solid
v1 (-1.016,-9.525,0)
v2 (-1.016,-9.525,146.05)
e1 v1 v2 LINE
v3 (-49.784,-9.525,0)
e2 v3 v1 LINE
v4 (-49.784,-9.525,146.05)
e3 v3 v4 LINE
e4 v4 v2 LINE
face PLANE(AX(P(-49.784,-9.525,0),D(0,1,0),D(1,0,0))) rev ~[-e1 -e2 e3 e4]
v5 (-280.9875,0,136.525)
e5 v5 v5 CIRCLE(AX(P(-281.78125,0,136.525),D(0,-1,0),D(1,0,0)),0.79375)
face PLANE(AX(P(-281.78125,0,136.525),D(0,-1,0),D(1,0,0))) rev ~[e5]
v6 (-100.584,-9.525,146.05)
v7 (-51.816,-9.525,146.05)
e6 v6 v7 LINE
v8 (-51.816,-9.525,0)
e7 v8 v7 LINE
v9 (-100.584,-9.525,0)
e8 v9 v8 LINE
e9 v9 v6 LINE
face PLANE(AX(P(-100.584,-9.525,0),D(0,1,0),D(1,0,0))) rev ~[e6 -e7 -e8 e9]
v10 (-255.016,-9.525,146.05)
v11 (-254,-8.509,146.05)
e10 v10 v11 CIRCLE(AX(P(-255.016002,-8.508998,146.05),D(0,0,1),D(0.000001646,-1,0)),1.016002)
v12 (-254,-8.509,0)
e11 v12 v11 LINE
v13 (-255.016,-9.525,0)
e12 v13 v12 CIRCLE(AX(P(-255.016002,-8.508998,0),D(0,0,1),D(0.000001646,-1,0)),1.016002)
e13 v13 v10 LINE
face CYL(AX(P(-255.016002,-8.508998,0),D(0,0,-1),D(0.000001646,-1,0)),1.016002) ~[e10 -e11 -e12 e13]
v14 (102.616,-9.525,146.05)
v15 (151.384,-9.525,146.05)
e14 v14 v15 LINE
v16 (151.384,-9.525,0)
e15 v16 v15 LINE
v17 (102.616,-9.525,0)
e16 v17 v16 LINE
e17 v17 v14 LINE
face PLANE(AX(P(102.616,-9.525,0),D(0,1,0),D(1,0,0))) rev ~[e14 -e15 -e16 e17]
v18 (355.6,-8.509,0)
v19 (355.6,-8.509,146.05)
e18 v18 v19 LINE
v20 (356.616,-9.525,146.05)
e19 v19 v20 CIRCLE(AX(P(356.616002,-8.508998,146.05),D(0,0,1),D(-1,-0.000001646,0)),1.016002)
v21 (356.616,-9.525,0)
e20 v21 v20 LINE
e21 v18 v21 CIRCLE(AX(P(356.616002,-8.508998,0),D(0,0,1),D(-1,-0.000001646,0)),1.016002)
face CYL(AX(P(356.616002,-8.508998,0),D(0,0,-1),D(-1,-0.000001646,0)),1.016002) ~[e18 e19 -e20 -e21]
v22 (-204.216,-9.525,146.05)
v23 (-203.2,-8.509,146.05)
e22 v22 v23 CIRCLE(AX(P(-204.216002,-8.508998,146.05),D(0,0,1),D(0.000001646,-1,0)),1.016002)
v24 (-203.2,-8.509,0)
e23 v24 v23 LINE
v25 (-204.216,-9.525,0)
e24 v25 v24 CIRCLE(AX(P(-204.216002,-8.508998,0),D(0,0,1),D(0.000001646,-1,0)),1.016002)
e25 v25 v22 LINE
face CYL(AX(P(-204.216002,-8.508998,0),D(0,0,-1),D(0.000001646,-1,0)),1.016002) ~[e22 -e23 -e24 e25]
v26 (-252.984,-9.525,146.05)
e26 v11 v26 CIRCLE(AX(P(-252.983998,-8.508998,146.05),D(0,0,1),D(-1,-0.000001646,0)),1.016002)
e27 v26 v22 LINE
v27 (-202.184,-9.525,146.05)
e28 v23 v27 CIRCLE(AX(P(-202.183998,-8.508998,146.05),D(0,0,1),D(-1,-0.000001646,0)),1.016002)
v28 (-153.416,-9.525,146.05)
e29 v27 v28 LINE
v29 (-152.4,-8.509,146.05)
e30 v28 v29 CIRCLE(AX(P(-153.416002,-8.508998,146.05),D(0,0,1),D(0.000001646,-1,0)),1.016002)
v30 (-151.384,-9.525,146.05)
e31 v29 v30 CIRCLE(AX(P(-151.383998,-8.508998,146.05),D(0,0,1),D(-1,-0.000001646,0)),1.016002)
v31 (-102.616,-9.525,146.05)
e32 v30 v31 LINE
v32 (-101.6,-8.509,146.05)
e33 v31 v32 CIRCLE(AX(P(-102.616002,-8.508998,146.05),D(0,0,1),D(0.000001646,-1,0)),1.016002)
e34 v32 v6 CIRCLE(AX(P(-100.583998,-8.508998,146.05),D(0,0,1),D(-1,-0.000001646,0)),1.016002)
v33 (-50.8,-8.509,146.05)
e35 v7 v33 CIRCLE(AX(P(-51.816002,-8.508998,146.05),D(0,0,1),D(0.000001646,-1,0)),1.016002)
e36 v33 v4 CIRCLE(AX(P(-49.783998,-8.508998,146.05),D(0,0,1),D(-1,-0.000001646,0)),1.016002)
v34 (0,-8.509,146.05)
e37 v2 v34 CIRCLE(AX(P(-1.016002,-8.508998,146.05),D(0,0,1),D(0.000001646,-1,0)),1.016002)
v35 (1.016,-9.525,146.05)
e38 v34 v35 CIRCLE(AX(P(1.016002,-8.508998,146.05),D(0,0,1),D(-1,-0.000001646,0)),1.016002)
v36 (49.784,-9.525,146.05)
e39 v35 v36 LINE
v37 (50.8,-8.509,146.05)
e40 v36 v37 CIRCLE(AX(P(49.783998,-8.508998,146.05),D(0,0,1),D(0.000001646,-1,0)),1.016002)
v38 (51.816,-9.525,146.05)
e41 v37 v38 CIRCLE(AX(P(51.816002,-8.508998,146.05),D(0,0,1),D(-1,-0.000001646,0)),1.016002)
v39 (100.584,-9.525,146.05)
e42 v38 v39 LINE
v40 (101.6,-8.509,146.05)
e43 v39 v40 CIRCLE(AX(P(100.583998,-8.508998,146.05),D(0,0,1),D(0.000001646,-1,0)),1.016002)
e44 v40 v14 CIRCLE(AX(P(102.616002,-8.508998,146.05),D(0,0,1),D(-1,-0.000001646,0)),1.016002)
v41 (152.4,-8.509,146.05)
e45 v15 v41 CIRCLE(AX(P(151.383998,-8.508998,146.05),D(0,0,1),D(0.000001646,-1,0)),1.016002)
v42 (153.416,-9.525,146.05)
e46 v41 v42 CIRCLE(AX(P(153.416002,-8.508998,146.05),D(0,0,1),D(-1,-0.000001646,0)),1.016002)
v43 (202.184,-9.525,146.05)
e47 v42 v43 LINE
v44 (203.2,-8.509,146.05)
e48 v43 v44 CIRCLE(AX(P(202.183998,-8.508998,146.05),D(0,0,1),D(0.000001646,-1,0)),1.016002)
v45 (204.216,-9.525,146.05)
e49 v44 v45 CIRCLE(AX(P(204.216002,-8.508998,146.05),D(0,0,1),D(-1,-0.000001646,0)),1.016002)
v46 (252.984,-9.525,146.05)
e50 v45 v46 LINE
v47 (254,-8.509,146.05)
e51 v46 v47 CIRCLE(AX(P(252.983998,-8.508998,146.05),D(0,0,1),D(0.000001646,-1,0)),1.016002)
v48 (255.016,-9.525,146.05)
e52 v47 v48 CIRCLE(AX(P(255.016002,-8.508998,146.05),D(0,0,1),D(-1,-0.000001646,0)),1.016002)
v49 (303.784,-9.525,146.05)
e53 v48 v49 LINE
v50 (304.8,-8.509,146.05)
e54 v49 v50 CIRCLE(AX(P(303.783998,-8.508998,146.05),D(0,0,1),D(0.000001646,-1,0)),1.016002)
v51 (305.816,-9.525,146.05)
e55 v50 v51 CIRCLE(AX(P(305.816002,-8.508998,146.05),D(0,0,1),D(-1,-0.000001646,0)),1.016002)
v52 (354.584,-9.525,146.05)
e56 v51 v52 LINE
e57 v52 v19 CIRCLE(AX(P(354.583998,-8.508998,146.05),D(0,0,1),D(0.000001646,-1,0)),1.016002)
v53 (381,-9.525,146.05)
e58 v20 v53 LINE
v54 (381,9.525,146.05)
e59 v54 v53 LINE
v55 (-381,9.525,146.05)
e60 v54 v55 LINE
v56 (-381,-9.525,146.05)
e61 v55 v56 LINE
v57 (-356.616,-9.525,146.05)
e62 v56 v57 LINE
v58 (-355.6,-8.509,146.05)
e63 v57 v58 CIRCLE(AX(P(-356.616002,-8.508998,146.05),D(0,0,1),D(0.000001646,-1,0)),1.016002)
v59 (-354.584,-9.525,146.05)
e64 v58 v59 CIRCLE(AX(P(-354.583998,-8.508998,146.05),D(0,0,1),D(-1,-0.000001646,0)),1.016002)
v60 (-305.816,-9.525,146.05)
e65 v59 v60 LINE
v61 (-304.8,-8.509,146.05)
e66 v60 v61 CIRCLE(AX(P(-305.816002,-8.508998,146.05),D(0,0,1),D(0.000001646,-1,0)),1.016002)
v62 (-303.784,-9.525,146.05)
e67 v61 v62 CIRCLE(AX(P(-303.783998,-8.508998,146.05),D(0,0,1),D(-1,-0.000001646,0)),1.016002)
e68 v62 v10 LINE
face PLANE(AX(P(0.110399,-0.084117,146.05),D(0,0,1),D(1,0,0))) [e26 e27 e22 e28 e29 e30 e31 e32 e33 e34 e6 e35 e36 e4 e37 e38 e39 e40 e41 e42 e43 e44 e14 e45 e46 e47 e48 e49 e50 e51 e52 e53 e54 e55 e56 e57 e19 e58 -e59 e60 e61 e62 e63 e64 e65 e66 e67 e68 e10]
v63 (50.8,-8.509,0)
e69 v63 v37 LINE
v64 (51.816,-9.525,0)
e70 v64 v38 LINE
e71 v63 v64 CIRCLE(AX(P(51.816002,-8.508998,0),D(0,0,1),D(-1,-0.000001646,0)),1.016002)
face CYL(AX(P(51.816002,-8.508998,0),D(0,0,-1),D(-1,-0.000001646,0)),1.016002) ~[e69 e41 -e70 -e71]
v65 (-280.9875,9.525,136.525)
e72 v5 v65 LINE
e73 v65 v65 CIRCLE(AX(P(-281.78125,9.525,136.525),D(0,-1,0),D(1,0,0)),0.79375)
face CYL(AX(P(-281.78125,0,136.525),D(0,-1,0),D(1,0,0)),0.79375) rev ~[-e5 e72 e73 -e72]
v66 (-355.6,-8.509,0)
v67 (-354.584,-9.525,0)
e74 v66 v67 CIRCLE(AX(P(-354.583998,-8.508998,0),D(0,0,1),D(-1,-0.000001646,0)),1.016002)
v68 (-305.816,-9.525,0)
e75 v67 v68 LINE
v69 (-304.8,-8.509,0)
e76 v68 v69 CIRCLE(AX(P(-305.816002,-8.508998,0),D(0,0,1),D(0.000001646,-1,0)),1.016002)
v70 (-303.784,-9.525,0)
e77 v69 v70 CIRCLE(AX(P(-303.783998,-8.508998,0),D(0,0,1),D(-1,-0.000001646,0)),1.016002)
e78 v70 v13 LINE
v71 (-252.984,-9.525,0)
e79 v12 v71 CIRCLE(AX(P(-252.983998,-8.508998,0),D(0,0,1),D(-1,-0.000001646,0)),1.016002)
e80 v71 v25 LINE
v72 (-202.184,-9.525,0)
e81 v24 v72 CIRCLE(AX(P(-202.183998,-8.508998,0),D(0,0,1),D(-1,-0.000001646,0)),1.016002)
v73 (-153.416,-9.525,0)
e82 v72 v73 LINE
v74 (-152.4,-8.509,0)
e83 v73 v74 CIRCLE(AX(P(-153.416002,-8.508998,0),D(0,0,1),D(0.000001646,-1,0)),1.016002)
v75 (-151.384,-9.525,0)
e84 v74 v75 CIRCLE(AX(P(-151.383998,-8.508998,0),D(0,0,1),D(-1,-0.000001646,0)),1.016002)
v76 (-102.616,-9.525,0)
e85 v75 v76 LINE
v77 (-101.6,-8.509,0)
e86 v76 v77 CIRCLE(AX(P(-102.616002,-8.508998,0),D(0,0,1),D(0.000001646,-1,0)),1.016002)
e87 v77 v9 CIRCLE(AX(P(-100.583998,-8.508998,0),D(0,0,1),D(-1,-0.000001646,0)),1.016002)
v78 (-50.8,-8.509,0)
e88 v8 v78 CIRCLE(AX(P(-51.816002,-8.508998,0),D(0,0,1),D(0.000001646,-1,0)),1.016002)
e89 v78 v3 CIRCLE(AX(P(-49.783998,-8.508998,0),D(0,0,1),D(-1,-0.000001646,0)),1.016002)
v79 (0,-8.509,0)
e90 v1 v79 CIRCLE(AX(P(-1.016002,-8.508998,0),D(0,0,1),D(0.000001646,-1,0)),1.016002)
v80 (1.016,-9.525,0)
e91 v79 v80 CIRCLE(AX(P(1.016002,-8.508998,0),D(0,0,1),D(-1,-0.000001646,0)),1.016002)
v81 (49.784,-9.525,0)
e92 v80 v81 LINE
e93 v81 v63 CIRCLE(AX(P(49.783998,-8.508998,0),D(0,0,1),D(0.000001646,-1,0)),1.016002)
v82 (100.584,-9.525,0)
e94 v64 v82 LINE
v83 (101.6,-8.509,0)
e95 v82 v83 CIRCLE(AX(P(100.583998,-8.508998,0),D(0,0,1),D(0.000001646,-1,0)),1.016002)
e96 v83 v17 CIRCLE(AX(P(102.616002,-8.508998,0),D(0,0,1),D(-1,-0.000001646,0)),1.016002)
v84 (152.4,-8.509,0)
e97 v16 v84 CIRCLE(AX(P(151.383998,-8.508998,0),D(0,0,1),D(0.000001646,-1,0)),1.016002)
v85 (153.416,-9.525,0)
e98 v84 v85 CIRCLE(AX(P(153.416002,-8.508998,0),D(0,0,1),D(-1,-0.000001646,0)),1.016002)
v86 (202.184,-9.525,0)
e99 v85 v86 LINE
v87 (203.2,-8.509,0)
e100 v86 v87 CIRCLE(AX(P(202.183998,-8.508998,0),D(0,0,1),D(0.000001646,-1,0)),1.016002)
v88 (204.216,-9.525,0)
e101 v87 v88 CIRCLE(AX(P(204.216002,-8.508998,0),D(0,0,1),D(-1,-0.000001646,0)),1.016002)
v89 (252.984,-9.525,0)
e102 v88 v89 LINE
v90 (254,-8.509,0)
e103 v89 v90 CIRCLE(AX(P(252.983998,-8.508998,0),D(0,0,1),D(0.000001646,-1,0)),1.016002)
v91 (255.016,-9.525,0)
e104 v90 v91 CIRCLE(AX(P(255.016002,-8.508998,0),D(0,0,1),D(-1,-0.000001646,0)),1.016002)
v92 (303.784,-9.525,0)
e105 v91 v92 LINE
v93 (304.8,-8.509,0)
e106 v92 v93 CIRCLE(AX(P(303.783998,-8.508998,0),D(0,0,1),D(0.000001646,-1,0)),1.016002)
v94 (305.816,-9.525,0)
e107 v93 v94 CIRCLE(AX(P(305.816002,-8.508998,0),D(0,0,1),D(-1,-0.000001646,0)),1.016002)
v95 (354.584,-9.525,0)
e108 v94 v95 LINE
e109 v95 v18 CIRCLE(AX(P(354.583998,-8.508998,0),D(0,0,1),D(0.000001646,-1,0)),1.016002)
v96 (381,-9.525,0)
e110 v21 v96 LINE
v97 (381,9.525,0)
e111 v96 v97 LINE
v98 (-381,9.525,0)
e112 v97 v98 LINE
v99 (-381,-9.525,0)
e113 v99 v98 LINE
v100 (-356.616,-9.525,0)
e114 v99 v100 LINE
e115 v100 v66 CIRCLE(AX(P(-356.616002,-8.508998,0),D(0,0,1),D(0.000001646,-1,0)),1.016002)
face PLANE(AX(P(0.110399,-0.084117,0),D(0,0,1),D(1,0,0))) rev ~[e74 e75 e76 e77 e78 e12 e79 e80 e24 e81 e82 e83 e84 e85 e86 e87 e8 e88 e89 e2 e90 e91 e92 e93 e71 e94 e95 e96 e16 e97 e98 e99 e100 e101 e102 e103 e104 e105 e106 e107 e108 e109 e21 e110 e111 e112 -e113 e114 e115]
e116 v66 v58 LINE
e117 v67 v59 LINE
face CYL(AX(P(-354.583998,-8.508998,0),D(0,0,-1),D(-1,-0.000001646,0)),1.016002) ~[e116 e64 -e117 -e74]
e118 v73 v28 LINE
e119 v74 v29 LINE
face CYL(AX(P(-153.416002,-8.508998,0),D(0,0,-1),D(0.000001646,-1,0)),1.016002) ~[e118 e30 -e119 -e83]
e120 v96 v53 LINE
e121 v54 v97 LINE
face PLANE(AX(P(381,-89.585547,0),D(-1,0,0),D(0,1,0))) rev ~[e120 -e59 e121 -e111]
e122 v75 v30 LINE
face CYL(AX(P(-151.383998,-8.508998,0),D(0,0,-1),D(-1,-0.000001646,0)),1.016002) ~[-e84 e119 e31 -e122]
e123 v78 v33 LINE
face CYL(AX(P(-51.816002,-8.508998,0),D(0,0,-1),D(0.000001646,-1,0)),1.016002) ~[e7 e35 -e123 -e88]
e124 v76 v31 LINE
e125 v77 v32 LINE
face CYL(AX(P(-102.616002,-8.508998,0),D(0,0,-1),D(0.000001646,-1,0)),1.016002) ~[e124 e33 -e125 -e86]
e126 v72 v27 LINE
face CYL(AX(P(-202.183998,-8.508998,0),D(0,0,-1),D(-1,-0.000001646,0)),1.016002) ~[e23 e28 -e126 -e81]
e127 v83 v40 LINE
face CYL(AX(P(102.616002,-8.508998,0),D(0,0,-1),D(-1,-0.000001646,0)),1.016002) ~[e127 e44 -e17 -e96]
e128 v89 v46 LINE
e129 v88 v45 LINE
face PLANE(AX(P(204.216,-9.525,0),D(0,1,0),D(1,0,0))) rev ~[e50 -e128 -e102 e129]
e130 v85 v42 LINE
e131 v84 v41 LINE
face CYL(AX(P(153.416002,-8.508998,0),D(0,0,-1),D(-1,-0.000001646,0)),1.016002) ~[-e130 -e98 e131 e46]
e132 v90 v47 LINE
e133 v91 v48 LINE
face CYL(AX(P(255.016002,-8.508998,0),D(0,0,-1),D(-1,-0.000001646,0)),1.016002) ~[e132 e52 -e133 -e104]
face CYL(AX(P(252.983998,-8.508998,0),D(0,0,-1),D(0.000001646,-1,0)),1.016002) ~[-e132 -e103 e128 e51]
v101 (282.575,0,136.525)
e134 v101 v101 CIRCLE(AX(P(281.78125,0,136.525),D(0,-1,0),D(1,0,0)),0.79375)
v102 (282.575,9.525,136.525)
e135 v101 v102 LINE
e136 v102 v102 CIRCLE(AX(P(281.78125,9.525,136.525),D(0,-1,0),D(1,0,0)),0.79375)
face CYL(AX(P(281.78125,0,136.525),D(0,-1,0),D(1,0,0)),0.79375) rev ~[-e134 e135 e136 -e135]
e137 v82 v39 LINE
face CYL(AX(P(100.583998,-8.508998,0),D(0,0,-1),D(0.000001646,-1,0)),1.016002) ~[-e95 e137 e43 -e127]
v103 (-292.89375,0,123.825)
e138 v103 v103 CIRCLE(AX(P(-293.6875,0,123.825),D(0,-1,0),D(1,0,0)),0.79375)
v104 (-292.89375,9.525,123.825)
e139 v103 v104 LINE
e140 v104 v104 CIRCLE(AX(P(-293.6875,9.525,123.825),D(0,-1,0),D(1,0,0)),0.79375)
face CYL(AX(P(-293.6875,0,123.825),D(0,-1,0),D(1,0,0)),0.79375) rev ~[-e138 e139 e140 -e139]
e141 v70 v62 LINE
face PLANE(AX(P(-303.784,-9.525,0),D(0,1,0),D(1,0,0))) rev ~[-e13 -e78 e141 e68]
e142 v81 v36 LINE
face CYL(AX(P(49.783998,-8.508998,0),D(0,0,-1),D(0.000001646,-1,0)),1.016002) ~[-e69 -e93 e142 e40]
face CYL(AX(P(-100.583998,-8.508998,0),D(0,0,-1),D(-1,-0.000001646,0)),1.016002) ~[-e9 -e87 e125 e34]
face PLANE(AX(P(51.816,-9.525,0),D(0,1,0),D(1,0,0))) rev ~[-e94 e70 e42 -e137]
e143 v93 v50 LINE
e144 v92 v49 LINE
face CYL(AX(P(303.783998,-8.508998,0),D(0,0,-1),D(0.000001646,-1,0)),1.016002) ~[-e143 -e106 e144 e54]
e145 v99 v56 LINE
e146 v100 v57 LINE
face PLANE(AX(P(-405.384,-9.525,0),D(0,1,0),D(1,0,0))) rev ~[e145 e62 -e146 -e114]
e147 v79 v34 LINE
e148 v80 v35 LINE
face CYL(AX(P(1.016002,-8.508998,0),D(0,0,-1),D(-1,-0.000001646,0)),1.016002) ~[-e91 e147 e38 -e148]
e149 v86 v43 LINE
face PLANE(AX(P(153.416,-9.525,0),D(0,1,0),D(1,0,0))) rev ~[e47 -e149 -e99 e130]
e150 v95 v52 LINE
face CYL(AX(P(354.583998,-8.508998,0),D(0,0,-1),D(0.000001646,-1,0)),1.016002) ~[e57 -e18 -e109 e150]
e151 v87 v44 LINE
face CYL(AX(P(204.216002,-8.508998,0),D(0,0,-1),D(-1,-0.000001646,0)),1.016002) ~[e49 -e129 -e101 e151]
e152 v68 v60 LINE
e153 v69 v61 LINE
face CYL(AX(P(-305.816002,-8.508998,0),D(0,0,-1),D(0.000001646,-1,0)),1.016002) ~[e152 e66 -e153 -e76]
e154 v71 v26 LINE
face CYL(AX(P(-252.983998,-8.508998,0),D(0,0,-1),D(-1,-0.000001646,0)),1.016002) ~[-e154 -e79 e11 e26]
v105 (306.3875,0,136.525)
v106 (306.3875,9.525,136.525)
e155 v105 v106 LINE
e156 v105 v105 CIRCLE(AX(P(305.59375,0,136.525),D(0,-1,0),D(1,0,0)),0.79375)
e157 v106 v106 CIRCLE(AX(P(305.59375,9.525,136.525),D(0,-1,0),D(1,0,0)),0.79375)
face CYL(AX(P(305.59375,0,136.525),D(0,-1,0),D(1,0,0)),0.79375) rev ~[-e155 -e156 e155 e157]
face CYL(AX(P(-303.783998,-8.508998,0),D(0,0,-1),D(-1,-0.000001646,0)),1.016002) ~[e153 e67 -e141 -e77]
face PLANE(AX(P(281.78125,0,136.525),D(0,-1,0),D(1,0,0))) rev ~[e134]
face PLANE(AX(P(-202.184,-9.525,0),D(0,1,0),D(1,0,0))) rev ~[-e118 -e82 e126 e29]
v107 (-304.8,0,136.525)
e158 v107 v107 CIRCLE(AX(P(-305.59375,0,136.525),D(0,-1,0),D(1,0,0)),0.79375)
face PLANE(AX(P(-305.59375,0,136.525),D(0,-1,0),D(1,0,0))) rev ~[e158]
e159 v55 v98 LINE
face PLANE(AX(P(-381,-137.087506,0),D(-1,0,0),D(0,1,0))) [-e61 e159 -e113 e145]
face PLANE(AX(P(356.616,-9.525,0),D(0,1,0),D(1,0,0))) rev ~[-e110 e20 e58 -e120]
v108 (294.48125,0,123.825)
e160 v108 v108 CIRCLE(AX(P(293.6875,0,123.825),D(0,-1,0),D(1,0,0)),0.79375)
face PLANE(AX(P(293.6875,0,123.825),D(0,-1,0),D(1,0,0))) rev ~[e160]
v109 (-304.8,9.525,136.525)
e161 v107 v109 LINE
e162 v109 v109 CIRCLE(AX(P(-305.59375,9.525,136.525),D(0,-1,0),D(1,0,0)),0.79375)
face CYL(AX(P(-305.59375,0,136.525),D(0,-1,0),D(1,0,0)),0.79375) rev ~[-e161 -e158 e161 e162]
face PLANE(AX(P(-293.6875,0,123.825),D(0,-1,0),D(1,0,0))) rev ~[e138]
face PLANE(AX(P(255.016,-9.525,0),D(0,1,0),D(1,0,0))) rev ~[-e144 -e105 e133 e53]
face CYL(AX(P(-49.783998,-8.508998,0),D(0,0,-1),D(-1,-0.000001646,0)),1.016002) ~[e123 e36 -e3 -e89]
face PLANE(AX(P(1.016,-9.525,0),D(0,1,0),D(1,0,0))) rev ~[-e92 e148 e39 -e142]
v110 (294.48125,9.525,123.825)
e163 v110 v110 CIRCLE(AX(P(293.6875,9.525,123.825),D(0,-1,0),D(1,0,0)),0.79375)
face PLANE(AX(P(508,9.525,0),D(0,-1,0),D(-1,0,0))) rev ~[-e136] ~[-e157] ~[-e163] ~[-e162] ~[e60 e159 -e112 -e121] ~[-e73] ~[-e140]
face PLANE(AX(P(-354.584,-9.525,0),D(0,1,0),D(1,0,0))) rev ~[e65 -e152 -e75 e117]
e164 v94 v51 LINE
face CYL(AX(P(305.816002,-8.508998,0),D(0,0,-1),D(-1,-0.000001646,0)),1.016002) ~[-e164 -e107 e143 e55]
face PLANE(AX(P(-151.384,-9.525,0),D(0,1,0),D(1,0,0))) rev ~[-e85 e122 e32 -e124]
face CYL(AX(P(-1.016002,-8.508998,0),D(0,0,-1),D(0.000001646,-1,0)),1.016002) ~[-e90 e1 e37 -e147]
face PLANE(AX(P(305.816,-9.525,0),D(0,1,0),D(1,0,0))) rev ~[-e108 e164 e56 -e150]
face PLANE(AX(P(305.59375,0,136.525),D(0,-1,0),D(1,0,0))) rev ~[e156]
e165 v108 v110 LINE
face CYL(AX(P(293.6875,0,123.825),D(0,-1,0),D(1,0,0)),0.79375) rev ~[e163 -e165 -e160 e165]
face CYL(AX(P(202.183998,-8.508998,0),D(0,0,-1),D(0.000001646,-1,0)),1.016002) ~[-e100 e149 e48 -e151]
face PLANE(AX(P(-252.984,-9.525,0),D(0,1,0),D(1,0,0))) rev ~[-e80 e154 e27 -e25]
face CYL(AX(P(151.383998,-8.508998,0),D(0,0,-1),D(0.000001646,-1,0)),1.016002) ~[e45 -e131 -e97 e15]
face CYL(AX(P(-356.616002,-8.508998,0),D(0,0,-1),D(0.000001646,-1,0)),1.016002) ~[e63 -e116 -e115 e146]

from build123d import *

# Parameters (mm, degrees)
F1_DEPTH = 146.05
F2_W     = 343.069662
F2_H     = 137.227848
F2_W_2   = 304.364362
F2_H_2   = 195.285798
F3_DEPTH = 1143
F4_R     = 0.79375
F5_DEPTH = 25.4


with BuildPart() as f1:
    # F0 (on Top) → F1 (new body)
    with BuildSketch(Plane.XY):
        with BuildLine():
            Line((458.216, -9.525), (508, -9.525))
            Line((508, -9.525), (508, 9.525))
            Line((508, 9.525), (-508, 9.525))
            Line((-508, 9.525), (-508, -8.509))
            ThreePointArc((-508, -8.509), (-507.70242, -9.22742), (-506.984, -9.525))
            Line((-506.984, -9.525), (-458.216, -9.525))
            ThreePointArc((-458.216, -9.525), (-457.49758, -9.22742), (-457.2, -8.509))
            ThreePointArc((-457.2, -8.509), (-456.90242, -9.22742), (-456.184, -9.525))
            Line((-456.184, -9.525), (-407.416, -9.525))
            ThreePointArc((-407.416, -9.525), (-406.69758, -9.22742), (-406.4, -8.509))
            ThreePointArc((-406.4, -8.509), (-406.10242, -9.22742), (-405.384, -9.525))
            Line((-405.384, -9.525), (-356.616, -9.525))
            ThreePointArc((-356.616, -9.525), (-355.89758, -9.22742), (-355.6, -8.509))
            ThreePointArc((-355.6, -8.509), (-355.30242, -9.22742), (-354.584, -9.525))
            Line((-354.584, -9.525), (-305.816, -9.525))
            ThreePointArc((-305.816, -9.525), (-305.09758, -9.22742), (-304.8, -8.509))
            ThreePointArc((-304.8, -8.509), (-304.50242, -9.22742), (-303.784, -9.525))
            Line((-303.784, -9.525), (-255.016, -9.525))
            ThreePointArc((-255.016, -9.525), (-254.29758, -9.22742), (-254, -8.509))
            ThreePointArc((-254, -8.509), (-253.70242, -9.22742), (-252.984, -9.525))
            Line((-252.984, -9.525), (-204.216, -9.525))
            ThreePointArc((-204.216, -9.525), (-203.49758, -9.22742), (-203.2, -8.509))
            ThreePointArc((-203.2, -8.509), (-202.90242, -9.22742), (-202.184, -9.525))
            Line((-202.184, -9.525), (-153.416, -9.525))
            ThreePointArc((-153.416, -9.525), (-152.69758, -9.22742), (-152.4, -8.509))
            ThreePointArc((-152.4, -8.509), (-152.10242, -9.22742), (-151.384, -9.525))
            Line((-151.384, -9.525), (-102.616, -9.525))
            ThreePointArc((-102.616, -9.525), (-101.89758, -9.22742), (-101.6, -8.509))
            ThreePointArc((-101.6, -8.509), (-101.30242, -9.22742), (-100.584, -9.525))
            Line((-100.584, -9.525), (-51.816, -9.525))
            ThreePointArc((-51.816, -9.525), (-51.09758, -9.22742), (-50.8, -8.509))
            ThreePointArc((-50.8, -8.509), (-50.50242, -9.22742), (-49.784, -9.525))
            Line((-49.784, -9.525), (-1.016, -9.525))
            ThreePointArc((-1.016, -9.525), (-0.29758, -9.22742), (0, -8.509))
            ThreePointArc((0, -8.509), (0.29758, -9.22742), (1.016, -9.525))
            Line((1.016, -9.525), (49.784, -9.525))
            ThreePointArc((49.784, -9.525), (50.50242, -9.22742), (50.8, -8.509))
            ThreePointArc((50.8, -8.509), (51.09758, -9.22742), (51.816, -9.525))
            Line((51.816, -9.525), (100.584, -9.525))
            ThreePointArc((100.584, -9.525), (101.30242, -9.22742), (101.6, -8.509))
            ThreePointArc((101.6, -8.509), (101.89758, -9.22742), (102.616, -9.525))
            Line((102.616, -9.525), (151.384, -9.525))
            ThreePointArc((151.384, -9.525), (152.10242, -9.22742), (152.4, -8.509))
            ThreePointArc((152.4, -8.509), (152.69758, -9.22742), (153.416, -9.525))
            Line((153.416, -9.525), (202.184, -9.525))
            ThreePointArc((202.184, -9.525), (202.90242, -9.22742), (203.2, -8.509))
            ThreePointArc((203.2, -8.509), (203.49758, -9.22742), (204.216, -9.525))
            Line((204.216, -9.525), (252.984, -9.525))
            ThreePointArc((252.984, -9.525), (253.70242, -9.22742), (254, -8.509))
            ThreePointArc((254, -8.509), (254.29758, -9.22742), (255.016, -9.525))
            Line((255.016, -9.525), (303.784, -9.525))
            ThreePointArc((303.784, -9.525), (304.50242, -9.22742), (304.8, -8.509))
            ThreePointArc((304.8, -8.509), (305.09758, -9.22742), (305.816, -9.525))
            Line((305.816, -9.525), (354.584, -9.525))
            ThreePointArc((354.584, -9.525), (355.30242, -9.22742), (355.6, -8.509))
            ThreePointArc((355.6, -8.509), (355.89758, -9.22742), (356.616, -9.525))
            Line((356.616, -9.525), (405.384, -9.525))
            ThreePointArc((405.384, -9.525), (406.10242, -9.22742), (406.4, -8.509))
            ThreePointArc((406.4, -8.509), (406.69758, -9.22742), (407.416, -9.525))
            Line((407.416, -9.525), (456.184, -9.525))
            ThreePointArc((456.184, -9.525), (456.90242, -9.22742), (457.2, -8.509))
            ThreePointArc((457.2, -8.509), (457.49758, -9.22742), (458.216, -9.525))
        make_face()
        with BuildLine():
            ThreePointArc((-506.984, -9.525), (-507.70242, -9.22742), (-508, -8.509))
            Line((-508, -8.509), (-508, -9.525))
            Line((-508, -9.525), (-506.984, -9.525))
        make_face()
    extrude(amount=F1_DEPTH)

    # F2 (on Top) → F3 (cut)
    with BuildSketch(Plane.XY):
        with Locations((552.534831, -20.971623)):
            Rectangle(F2_W, F2_H)
        with Locations((-533.182181, -39.444607)):
            Rectangle(F2_W_2, F2_H_2)
    extrude(amount=F3_DEPTH, mode=Mode.SUBTRACT)

    # F4 (on Front) → F5 (cut)
    with BuildSketch(Plane.XZ):
        with Locations((-293.6875, 123.825)):
            Circle(F4_R)
        with Locations((-281.78125, 136.525)):
            Circle(F4_R)
        with Locations((-305.59375, 136.525)):
            Circle(F4_R)
        with Locations((293.6875, 123.825)):
            Circle(F4_R)
        with Locations((305.59375, 136.525)):
            Circle(F4_R)
        with Locations((281.78125, 136.525)):
            Circle(F4_R)
    extrude(amount=-F5_DEPTH, mode=Mode.SUBTRACT)


solid = f1.part
